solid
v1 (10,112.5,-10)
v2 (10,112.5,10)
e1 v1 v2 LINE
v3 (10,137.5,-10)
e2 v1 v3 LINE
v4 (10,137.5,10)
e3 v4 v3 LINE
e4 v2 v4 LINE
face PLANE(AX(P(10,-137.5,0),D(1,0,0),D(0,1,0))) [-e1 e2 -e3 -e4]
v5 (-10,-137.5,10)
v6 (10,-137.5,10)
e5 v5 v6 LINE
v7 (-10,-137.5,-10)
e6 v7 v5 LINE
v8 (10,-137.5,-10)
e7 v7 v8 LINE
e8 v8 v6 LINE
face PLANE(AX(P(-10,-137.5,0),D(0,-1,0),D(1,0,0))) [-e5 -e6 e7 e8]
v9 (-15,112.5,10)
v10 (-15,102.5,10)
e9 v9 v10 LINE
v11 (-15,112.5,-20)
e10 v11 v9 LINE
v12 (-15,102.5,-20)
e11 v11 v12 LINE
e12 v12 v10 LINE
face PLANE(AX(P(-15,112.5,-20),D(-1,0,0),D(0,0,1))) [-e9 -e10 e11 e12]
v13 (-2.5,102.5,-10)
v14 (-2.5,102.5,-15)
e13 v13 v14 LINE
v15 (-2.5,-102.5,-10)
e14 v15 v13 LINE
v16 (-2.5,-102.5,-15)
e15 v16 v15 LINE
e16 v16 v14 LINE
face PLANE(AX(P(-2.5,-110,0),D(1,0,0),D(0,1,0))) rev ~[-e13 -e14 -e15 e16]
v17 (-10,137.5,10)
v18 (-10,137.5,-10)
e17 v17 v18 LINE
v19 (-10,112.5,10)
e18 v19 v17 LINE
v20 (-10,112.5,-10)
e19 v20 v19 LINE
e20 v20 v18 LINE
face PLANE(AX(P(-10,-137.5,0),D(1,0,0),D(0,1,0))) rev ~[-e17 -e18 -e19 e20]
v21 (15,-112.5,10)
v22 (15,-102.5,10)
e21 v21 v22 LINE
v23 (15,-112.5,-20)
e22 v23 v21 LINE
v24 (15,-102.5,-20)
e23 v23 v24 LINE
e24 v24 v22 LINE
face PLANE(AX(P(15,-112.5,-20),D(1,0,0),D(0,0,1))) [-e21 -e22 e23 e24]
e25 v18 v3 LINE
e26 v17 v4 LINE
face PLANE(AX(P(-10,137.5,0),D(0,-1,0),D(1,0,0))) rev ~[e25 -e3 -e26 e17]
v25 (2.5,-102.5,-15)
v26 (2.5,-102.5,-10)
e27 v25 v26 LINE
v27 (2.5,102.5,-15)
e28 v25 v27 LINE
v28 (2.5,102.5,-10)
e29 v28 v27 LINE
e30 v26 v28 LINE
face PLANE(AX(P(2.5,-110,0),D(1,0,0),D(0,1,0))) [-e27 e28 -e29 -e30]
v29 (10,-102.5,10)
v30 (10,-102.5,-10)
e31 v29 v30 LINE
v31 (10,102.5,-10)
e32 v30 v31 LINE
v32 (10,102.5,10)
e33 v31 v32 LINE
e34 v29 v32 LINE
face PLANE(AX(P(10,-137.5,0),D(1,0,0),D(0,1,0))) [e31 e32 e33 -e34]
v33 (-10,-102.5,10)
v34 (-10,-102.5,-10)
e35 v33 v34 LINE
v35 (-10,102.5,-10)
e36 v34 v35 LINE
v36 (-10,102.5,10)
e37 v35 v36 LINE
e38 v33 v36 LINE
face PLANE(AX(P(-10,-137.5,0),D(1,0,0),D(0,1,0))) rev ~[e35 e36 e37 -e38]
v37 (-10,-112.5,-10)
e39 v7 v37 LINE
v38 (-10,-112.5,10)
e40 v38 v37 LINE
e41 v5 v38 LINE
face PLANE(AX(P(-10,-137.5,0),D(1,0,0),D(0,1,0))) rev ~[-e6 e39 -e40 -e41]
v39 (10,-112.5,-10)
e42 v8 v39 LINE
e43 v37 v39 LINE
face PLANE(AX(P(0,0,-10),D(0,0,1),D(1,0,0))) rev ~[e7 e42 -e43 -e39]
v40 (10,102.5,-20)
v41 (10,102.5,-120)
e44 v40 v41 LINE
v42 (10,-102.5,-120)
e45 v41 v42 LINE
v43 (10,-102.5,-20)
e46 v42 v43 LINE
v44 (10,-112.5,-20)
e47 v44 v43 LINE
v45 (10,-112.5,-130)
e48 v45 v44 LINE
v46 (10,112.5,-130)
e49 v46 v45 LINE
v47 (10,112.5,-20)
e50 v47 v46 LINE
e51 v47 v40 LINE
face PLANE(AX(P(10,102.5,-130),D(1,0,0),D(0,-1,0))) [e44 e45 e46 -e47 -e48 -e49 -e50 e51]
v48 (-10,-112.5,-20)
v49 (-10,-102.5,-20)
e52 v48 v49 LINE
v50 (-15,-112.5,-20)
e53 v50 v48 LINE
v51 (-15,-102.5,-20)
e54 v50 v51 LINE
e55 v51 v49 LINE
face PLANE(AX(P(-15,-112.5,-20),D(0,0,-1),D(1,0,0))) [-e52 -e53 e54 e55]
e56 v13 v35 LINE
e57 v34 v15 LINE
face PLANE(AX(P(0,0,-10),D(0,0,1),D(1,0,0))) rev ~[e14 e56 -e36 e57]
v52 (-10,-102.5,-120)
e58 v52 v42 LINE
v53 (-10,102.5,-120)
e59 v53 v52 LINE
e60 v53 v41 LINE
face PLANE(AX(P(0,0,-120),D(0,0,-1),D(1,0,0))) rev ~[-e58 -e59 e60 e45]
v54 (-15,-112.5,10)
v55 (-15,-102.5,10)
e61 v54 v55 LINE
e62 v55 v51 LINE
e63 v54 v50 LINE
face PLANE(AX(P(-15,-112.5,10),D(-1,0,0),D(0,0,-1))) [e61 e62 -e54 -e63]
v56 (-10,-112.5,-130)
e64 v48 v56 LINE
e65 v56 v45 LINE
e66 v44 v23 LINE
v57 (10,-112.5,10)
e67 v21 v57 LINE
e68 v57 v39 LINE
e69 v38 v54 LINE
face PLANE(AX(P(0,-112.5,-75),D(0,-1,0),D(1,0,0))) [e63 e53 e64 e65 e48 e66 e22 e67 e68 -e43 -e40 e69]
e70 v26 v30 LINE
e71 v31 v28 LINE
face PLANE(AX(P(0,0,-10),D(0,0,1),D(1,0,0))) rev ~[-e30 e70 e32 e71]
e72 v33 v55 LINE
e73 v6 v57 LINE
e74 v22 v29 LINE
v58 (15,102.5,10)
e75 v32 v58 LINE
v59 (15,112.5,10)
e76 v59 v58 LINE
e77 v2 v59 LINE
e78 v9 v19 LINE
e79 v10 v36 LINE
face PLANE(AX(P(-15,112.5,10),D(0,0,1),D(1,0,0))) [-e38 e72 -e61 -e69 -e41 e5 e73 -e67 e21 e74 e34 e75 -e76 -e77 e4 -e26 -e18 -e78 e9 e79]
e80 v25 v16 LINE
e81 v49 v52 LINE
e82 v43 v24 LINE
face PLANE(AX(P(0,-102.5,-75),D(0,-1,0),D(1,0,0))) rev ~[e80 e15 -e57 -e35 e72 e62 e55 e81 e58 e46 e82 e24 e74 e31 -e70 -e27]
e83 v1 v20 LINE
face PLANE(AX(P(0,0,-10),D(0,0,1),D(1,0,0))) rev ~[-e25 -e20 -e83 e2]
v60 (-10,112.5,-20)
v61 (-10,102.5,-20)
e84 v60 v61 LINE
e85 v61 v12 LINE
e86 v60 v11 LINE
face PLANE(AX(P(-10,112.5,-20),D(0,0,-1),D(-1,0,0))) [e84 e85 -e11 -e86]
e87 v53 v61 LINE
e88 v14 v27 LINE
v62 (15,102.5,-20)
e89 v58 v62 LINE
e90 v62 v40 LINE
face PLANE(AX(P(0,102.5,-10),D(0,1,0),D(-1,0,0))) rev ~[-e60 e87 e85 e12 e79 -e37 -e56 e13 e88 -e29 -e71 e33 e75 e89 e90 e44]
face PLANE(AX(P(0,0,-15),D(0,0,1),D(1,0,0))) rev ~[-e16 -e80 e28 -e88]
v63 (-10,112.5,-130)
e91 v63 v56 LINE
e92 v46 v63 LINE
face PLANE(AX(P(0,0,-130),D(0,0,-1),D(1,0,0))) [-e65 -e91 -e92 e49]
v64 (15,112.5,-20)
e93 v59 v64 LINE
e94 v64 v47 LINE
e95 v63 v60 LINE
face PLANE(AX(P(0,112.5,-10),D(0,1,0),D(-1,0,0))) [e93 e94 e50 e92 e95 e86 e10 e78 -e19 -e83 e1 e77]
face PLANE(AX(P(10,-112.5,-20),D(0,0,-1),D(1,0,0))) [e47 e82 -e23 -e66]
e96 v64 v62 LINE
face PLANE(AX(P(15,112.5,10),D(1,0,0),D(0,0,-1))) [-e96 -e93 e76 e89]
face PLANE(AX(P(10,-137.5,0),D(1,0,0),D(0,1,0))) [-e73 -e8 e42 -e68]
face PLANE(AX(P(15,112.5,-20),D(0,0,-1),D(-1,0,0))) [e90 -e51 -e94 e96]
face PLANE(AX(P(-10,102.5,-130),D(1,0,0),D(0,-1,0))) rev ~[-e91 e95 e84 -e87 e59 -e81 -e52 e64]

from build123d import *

# Parameters (mm, degrees)
F0_W      = 20
F0_H      = 275
F1_DEPTH  = 10
F3_W      = 20
F3_H      = 110
F3_H_2    = 20
F4_DEPTH  = 10
F6_W      = 20
F6_H      = 20
F6_H_2    = 110
F7_DEPTH  = 10
F8_W      = 20
F8_H      = 205
F9_DEPTH  = 10
F10_W     = 5
F10_H     = 220
F11_DEPTH = 15


with BuildPart() as f1:
    # F0 (on Top) → F1 (new body, symmetric)
    with BuildSketch(Plane.XY):
        Rectangle(F0_W, F0_H)
    extrude(amount=F1_DEPTH, both=True)

    # F3 (on offset) → F4 (join)
    with BuildSketch(Plane.XZ.offset(112.5)):
        with Locations((0, -75)):
            Rectangle(F3_W, F3_H)
        with Locations((0, -10)):
            Rectangle(F3_W, F3_H_2)
        Polygon((15, -20), (15, 10), (-15, 10), (-15, -20), (-10, -20), (-10, 0), (10, 0), (10, -20), align=None)
    extrude(amount=-F4_DEPTH)

    # F6 (on offset) → F7 (join)
    with BuildSketch(Plane(origin=(0, 112.5, 0), x_dir=(-1, 0, 0), z_dir=(0, 1, 0))):
        with Locations((0, -10)):
            Rectangle(F6_W, F6_H)
        with Locations((0, -75)):
            Rectangle(F6_W, F6_H_2)
        Polygon((15, -20), (15, 10), (-15, 10), (-15, -20), (-10, -20), (-10, 0), (10, 0), (10, -20), align=None)
    extrude(amount=-F7_DEPTH)

    # F8 (on face) → F9 (join)
    with BuildSketch(Plane(origin=(0, 0, -130), x_dir=(1, 0, 0), z_dir=(0, 0, -1))):
        Rectangle(F8_W, F8_H)
    extrude(amount=-F9_DEPTH)

    # F10 (on Top) → F11 (join)
    with BuildSketch(Plane.XY):
        Rectangle(F10_W, F10_H)
    extrude(amount=-F11_DEPTH)


solid = f1.part
